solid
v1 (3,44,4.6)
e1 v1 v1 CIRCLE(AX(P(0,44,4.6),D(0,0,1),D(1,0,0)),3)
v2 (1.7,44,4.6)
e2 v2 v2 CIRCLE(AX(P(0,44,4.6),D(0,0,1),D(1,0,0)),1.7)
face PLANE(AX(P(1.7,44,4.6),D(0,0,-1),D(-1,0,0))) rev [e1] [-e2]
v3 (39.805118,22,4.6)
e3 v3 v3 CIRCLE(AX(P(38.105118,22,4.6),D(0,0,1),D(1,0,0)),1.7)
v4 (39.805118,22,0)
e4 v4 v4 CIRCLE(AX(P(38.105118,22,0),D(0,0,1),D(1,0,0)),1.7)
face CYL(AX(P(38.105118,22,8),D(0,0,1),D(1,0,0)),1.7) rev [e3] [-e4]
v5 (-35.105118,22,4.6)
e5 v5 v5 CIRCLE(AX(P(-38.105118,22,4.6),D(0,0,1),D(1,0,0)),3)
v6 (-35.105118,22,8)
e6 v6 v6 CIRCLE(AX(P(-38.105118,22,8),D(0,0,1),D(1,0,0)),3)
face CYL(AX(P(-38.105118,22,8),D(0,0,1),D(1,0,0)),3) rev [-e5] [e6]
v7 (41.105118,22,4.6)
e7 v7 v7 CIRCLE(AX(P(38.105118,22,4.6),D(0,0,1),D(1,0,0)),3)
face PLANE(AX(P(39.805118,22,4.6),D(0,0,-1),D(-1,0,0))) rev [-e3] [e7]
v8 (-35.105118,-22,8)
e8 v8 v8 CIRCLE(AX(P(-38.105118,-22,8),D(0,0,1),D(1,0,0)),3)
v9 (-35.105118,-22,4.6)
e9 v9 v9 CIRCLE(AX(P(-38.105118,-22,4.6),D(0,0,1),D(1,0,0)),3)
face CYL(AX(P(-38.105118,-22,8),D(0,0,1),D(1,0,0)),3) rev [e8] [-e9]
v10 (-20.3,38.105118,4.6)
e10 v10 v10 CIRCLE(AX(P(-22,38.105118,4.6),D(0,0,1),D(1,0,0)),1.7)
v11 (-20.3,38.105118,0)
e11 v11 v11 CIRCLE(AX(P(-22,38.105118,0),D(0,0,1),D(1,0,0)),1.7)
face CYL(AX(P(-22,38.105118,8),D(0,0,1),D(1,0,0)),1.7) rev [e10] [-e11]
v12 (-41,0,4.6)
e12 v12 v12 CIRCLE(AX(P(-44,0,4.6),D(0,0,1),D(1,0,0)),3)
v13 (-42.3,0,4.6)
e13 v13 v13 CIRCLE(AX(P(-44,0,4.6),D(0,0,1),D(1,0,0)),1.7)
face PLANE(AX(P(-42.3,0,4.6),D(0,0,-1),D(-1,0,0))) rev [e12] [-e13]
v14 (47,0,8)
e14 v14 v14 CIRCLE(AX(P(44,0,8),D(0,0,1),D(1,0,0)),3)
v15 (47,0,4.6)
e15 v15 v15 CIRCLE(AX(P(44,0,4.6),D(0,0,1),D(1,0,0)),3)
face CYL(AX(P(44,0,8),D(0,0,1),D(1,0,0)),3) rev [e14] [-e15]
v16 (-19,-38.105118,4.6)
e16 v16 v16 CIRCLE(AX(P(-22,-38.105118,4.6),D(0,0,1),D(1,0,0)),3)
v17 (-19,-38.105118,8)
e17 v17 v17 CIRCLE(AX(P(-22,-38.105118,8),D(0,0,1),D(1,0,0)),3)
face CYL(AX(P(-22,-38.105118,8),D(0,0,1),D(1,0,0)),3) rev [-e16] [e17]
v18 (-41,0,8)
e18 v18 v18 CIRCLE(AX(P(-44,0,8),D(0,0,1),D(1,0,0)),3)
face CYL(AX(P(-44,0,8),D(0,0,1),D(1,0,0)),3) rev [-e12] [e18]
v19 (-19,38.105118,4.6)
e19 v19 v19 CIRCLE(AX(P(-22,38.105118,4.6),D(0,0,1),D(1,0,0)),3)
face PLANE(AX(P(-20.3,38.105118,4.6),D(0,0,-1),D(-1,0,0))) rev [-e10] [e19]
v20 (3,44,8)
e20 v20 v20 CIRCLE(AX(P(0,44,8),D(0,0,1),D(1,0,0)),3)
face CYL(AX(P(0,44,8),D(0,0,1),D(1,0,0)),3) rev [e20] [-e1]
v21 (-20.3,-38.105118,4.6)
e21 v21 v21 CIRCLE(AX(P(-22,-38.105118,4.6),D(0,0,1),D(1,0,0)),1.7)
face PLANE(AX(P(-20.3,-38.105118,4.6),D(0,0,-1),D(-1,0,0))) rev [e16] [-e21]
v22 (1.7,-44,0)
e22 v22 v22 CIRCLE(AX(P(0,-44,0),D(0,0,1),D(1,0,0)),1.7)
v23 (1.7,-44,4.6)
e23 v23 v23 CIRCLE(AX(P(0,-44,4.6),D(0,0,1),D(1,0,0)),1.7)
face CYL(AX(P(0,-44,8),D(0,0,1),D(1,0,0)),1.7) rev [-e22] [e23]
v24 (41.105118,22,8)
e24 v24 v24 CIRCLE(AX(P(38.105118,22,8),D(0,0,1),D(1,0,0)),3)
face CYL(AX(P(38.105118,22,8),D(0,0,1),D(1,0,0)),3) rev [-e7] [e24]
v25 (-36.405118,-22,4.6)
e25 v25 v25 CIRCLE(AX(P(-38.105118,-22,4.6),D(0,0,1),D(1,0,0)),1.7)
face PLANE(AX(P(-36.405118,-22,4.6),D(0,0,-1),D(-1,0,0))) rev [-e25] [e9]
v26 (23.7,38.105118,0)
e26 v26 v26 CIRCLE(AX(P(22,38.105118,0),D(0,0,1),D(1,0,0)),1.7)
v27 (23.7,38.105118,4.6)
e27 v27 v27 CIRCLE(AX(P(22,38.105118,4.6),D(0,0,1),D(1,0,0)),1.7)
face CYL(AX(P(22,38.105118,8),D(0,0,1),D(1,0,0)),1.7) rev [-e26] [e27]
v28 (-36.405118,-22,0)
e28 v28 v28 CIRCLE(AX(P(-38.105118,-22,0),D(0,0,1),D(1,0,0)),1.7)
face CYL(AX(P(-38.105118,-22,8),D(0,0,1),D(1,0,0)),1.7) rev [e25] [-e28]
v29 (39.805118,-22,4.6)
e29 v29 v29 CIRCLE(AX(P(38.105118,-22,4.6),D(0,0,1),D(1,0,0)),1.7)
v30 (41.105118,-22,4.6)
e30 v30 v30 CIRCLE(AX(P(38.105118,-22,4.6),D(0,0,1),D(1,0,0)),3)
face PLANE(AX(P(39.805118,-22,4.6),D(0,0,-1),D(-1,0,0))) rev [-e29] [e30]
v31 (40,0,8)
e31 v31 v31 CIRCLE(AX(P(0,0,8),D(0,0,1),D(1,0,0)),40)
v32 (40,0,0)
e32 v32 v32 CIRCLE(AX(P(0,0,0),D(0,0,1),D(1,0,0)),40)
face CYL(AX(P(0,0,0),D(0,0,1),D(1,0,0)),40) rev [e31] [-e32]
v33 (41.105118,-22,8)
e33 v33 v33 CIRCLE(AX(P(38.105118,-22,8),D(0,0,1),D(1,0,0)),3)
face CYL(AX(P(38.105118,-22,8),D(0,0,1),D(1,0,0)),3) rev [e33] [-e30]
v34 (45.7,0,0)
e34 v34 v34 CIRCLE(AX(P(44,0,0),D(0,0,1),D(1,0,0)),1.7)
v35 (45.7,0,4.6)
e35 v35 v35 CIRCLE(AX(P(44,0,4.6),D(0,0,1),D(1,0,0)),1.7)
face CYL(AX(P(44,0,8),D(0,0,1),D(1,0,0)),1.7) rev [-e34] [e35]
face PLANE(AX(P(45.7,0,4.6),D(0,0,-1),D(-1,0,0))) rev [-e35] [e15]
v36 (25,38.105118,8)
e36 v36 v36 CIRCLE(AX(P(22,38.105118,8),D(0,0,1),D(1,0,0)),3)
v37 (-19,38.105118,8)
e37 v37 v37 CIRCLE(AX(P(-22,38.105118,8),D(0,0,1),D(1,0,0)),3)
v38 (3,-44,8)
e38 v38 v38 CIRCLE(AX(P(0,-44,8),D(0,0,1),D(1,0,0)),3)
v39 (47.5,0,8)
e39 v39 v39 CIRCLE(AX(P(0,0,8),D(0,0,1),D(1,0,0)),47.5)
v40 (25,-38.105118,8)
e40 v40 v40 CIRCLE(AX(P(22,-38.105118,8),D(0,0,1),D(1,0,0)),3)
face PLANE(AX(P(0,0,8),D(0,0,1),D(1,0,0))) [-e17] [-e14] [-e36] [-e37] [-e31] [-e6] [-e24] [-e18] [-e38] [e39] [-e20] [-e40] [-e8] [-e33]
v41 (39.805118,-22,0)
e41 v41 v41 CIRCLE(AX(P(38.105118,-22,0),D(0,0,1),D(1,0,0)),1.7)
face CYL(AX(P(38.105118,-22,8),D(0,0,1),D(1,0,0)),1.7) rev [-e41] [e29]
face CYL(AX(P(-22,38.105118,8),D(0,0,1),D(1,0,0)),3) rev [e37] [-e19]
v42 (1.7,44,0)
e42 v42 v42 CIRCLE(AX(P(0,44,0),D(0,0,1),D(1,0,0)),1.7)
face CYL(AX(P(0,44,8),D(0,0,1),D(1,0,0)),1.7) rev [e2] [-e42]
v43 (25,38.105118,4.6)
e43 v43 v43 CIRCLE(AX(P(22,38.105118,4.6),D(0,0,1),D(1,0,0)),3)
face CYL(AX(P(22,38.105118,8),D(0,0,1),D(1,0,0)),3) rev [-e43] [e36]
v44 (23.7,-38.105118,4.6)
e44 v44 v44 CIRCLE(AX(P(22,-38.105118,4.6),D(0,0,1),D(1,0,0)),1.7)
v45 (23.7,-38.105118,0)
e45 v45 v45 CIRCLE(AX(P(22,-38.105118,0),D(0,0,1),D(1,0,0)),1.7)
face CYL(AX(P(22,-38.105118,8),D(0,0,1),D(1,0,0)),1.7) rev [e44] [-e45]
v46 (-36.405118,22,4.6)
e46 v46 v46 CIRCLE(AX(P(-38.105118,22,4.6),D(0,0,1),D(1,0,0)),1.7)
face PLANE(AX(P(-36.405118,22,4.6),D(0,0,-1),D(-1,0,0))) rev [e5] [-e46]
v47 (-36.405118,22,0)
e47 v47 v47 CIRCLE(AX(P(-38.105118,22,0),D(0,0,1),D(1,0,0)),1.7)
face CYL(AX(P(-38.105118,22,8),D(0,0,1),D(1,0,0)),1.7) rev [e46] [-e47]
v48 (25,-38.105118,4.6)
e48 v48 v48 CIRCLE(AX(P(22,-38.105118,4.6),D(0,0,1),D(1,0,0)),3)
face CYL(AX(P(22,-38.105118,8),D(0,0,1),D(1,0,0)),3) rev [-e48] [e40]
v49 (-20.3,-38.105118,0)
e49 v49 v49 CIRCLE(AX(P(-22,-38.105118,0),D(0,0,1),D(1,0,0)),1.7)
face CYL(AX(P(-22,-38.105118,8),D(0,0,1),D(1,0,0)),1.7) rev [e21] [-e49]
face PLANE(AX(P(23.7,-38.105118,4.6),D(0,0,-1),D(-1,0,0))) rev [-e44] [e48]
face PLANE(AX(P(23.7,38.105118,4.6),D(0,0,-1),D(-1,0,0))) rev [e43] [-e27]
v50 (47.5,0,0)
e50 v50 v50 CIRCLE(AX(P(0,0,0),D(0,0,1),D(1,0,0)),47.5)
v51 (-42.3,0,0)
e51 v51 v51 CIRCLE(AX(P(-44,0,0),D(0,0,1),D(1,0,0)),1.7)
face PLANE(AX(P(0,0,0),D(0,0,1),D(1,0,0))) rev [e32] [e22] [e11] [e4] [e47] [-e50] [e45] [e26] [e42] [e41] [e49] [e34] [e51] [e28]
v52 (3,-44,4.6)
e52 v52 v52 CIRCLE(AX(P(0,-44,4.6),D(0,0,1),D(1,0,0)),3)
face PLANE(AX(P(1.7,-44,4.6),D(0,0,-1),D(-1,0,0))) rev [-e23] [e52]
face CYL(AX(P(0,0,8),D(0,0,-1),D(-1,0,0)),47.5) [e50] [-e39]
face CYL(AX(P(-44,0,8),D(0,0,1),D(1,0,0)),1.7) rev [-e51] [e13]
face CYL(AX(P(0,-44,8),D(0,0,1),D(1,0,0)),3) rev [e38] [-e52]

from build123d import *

# Parameters (mm, degrees)
SKETCH_1_R                = 47.5
EXTRUDE_1_DEPTH           = 8
HOLE_WIZARD_1_D           = 3.4
HOLE_WIZARD_1_CBORE_D     = 6
HOLE_WIZARD_1_CBORE_DEPTH = 3.4
SKETCH_4_R                = 40
CUT_EXTRUDE_1_DEPTH       = 68.649833703
PATTERN_CIRCULAR_1_COUNT  = 12


with BuildPart() as part:
    # 草图1 → 凸台-拉伸1 (new body)
    with BuildSketch(Plane.XY):
        Circle(SKETCH_1_R)
    extrude(amount=EXTRUDE_1_DEPTH)

    # 打孔尺寸(%根据)内六角圆柱头螺钉的类型1 (through all)
    with Locations(Plane.XY.offset(8)):
        with Locations((0, 44)):
            hole_wizard_1 = CounterBoreHole(HOLE_WIZARD_1_D / 2, HOLE_WIZARD_1_CBORE_D / 2, HOLE_WIZARD_1_CBORE_DEPTH)

    # 草图4 → 切除-拉伸1 (cut, through all)
    with BuildSketch(Plane.XY.offset(8)):
        Circle(SKETCH_4_R)
    extrude(amount=-CUT_EXTRUDE_1_DEPTH, mode=Mode.SUBTRACT)

    # 阵列(圆周)1: 打孔尺寸(%根据)内六角圆柱头螺钉的类型1 ×12 about axis
    pattern_circular_1_axis = Axis((0, 0, 8), (0, 0, -1))
    for i in range(1, PATTERN_CIRCULAR_1_COUNT):
        add(hole_wizard_1.rotate(pattern_circular_1_axis, i * 360 / PATTERN_CIRCULAR_1_COUNT), mode=Mode.SUBTRACT)


solid = part.part
